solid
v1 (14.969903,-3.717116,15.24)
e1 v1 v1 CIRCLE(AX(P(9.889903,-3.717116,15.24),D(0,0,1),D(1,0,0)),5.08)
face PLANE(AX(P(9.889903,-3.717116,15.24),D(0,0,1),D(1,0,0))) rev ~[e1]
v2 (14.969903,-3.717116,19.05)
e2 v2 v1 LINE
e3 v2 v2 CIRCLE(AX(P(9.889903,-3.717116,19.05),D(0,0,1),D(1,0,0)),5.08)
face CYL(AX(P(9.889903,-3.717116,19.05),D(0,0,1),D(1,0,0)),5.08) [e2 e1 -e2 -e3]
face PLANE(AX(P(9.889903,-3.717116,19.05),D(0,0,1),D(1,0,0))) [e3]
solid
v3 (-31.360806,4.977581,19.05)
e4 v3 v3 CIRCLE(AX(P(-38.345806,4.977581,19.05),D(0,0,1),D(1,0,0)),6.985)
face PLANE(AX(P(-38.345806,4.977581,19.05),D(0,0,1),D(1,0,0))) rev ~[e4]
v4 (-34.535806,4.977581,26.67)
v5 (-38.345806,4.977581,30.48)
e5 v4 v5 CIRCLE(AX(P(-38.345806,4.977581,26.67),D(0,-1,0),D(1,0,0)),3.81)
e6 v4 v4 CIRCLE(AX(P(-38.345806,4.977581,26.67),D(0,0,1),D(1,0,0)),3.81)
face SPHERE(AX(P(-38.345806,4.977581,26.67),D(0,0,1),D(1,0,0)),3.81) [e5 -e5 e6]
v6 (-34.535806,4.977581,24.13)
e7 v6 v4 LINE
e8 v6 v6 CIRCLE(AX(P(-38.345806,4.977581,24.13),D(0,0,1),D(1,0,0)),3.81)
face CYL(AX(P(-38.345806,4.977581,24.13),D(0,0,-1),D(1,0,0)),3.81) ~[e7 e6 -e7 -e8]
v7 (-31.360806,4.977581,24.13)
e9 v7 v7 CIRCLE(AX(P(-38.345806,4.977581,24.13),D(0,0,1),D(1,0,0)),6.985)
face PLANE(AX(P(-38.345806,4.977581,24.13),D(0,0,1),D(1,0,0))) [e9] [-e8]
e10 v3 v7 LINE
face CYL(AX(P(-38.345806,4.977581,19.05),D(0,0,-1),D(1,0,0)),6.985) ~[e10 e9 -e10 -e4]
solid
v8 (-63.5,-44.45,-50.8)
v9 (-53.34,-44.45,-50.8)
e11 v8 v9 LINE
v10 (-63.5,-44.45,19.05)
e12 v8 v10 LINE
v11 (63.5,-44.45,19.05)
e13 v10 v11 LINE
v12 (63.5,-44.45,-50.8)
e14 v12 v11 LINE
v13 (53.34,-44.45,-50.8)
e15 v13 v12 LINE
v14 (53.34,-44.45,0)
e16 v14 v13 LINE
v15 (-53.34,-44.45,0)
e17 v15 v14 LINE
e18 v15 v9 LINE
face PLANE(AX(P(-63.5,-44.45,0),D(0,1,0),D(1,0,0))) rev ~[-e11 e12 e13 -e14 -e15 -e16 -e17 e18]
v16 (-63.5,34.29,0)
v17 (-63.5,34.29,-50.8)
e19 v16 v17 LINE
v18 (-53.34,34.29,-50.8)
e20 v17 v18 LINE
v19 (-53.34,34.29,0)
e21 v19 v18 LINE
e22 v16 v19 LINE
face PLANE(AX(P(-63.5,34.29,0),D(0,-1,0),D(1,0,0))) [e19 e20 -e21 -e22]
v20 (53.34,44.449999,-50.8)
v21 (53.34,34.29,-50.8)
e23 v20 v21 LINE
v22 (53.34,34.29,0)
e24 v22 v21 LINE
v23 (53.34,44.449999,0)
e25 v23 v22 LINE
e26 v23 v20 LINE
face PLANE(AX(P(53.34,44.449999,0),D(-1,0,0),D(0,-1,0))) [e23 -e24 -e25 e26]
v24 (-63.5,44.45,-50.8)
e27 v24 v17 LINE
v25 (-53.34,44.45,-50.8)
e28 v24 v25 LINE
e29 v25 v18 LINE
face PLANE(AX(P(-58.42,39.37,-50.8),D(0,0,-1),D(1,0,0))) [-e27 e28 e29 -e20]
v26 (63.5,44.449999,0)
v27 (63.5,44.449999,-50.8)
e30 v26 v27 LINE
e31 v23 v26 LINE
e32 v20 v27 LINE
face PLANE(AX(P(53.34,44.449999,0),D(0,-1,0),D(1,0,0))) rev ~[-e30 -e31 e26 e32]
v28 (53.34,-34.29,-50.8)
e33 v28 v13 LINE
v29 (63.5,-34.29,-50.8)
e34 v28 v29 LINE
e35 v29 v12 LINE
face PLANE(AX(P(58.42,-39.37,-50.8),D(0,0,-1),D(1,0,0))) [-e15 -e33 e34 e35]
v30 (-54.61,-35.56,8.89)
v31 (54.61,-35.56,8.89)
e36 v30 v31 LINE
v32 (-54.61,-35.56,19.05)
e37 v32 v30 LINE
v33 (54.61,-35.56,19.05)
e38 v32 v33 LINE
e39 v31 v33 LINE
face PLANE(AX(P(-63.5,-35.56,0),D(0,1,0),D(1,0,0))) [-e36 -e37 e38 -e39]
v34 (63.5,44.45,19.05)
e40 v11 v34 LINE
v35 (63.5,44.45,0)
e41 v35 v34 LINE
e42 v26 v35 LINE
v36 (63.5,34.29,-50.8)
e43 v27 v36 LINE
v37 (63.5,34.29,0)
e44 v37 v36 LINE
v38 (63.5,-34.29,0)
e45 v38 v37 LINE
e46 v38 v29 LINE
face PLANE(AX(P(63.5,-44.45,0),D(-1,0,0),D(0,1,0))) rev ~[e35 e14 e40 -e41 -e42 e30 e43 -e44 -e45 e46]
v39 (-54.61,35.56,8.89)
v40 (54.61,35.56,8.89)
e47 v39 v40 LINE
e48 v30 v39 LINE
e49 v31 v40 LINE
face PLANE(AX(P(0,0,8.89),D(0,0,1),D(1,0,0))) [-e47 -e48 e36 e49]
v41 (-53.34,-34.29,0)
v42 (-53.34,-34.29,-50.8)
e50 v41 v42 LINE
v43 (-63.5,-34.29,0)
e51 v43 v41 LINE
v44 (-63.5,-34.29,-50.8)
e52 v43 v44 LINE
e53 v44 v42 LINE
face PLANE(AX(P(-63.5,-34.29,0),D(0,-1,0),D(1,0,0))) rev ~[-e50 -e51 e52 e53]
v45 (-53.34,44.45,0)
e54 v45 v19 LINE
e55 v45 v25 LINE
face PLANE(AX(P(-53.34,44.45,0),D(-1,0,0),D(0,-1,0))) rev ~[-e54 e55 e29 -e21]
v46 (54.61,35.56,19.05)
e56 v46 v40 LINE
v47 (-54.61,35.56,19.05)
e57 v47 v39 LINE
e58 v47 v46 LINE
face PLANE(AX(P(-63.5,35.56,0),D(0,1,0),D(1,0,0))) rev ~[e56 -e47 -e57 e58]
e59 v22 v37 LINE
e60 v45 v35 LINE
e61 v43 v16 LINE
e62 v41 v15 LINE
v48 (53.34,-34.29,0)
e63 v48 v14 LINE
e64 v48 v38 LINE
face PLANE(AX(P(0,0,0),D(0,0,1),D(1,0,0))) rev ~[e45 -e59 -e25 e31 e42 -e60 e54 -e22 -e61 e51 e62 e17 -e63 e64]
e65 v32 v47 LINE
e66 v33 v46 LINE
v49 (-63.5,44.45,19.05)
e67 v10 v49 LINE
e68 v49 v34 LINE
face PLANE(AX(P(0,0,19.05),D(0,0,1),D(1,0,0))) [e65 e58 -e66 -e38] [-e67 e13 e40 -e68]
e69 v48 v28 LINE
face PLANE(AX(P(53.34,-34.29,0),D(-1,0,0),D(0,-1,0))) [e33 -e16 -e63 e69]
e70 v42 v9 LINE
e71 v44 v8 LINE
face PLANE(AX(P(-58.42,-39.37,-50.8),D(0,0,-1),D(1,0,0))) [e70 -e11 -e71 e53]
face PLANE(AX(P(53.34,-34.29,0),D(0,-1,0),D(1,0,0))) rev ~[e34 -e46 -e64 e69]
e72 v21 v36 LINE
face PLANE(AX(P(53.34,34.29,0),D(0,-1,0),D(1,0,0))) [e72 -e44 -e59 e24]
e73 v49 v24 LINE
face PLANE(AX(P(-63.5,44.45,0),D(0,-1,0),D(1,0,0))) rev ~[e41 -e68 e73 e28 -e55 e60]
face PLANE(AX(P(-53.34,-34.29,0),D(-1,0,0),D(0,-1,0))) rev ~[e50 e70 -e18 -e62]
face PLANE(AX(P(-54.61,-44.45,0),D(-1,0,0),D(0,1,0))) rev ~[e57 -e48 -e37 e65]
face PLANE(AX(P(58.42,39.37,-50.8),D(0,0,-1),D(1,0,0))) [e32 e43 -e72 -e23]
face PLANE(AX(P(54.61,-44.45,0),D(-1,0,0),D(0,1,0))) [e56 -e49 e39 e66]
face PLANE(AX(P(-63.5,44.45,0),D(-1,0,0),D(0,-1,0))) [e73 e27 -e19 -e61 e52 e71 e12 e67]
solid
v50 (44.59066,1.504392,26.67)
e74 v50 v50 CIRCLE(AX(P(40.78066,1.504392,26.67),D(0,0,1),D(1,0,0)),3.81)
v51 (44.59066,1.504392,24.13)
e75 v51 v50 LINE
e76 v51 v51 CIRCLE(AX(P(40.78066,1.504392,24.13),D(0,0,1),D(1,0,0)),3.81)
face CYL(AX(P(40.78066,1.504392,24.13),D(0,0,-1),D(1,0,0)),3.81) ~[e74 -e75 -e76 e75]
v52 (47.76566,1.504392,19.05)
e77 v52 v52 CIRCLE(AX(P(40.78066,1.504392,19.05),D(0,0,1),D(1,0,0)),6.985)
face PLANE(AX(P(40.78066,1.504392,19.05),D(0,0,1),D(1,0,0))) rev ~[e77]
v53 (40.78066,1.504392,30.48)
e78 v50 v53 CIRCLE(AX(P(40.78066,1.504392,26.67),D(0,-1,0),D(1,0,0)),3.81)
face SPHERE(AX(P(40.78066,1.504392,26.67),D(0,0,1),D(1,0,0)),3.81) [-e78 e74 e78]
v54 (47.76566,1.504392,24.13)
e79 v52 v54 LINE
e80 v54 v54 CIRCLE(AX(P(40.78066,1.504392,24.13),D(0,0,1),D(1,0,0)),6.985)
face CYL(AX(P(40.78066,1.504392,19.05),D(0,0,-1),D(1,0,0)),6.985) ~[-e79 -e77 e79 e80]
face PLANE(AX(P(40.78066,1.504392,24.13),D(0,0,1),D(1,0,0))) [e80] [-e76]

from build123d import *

# Parameters (mm, degrees)
F0_W      = 127
F0_H      = 88.9
F1_DEPTH  = 19.05
F3_T      = -8.89
F4_W      = 10.16
F4_H      = 10.16
F4_H_2    = 10.159999
F5_DEPTH  = 50.8
F6_R      = 5.08
F7_DEPTH  = 3.81
F8_R      = 6.985
F9_DEPTH  = 5.08
F10_R     = 3.81
F11_DEPTH = 6.35
F12_R     = 3.81
F13_R     = 6.985
F14_DEPTH = 5.08
F15_R     = 3.81
F16_DEPTH = 6.35
F17_R     = 3.81


with BuildPart() as f1:
    # F0 (on Top) → F1 (new body)
    with BuildSketch(Plane.XY):
        Rectangle(F0_W, F0_H)
    extrude(amount=F1_DEPTH)

    # F3
    f3_openings = [f1.faces().sort_by_distance(p)[0] for p in [
        (0, 0, 19.05),
    ]]
    offset(amount=F3_T, openings=f3_openings)

    # F4 (on face) → F5 (join)
    with BuildSketch(Plane(origin=(0, 0, 0), x_dir=(1, 0, 0), z_dir=(0, 0, -1))):
        with Locations((-58.42, -39.37)):
            Rectangle(F4_W, F4_H)
        with Locations((58.42, -39.37)):
            Rectangle(F4_W, F4_H_2)
        with Locations((-58.42, 39.37)):
            Rectangle(F4_W, F4_H)
        with Locations((58.42, 39.37)):
            Rectangle(F4_W, F4_H)
    extrude(amount=F5_DEPTH)


with BuildPart() as f7:
    # F6 (on face) → F7 (new body)
    with BuildSketch(Plane.XY.offset(19.05)):
        with Locations((9.889903, -3.717116)):
            Circle(F6_R)
    extrude(amount=-F7_DEPTH)


with BuildPart() as f9:
    # F8 (on face) → F9 (new body)
    with BuildSketch(Plane.XY.offset(19.05)):
        with Locations((40.78066, 1.504392)):
            Circle(F8_R)
    extrude(amount=F9_DEPTH)

    # F10 (on face) → F11 (join)
    with BuildSketch(Plane.XY.offset(24.13)):
        with Locations((40.78066, 1.504392)):
            Circle(F10_R)
    extrude(amount=F11_DEPTH)

    # F12
    f12_edges = [f9.edges().sort_by_distance(p)[0] for p in [
        (36.97066, 1.504392, 30.48),
    ]]
    fillet(f12_edges, radius=F12_R)


with BuildPart() as f14:
    # F13 (on face) → F14 (new body)
    with BuildSketch(Plane.XY.offset(19.05)):
        with Locations((-38.345806, 4.977581)):
            Circle(F13_R)
    extrude(amount=F14_DEPTH)

    # F15 (on face) → F16 (join)
    with BuildSketch(Plane.XY.offset(24.13)):
        with Locations((-38.345806, 4.977581)):
            Circle(F15_R)
    extrude(amount=F16_DEPTH)

    # F17
    f17_edges = [f14.edges().sort_by_distance(p)[0] for p in [
        (-42.155806, 4.977581, 30.48),
    ]]
    fillet(f17_edges, radius=F17_R)


solid = Compound([f1.part, f7.part, f9.part, f14.part])
